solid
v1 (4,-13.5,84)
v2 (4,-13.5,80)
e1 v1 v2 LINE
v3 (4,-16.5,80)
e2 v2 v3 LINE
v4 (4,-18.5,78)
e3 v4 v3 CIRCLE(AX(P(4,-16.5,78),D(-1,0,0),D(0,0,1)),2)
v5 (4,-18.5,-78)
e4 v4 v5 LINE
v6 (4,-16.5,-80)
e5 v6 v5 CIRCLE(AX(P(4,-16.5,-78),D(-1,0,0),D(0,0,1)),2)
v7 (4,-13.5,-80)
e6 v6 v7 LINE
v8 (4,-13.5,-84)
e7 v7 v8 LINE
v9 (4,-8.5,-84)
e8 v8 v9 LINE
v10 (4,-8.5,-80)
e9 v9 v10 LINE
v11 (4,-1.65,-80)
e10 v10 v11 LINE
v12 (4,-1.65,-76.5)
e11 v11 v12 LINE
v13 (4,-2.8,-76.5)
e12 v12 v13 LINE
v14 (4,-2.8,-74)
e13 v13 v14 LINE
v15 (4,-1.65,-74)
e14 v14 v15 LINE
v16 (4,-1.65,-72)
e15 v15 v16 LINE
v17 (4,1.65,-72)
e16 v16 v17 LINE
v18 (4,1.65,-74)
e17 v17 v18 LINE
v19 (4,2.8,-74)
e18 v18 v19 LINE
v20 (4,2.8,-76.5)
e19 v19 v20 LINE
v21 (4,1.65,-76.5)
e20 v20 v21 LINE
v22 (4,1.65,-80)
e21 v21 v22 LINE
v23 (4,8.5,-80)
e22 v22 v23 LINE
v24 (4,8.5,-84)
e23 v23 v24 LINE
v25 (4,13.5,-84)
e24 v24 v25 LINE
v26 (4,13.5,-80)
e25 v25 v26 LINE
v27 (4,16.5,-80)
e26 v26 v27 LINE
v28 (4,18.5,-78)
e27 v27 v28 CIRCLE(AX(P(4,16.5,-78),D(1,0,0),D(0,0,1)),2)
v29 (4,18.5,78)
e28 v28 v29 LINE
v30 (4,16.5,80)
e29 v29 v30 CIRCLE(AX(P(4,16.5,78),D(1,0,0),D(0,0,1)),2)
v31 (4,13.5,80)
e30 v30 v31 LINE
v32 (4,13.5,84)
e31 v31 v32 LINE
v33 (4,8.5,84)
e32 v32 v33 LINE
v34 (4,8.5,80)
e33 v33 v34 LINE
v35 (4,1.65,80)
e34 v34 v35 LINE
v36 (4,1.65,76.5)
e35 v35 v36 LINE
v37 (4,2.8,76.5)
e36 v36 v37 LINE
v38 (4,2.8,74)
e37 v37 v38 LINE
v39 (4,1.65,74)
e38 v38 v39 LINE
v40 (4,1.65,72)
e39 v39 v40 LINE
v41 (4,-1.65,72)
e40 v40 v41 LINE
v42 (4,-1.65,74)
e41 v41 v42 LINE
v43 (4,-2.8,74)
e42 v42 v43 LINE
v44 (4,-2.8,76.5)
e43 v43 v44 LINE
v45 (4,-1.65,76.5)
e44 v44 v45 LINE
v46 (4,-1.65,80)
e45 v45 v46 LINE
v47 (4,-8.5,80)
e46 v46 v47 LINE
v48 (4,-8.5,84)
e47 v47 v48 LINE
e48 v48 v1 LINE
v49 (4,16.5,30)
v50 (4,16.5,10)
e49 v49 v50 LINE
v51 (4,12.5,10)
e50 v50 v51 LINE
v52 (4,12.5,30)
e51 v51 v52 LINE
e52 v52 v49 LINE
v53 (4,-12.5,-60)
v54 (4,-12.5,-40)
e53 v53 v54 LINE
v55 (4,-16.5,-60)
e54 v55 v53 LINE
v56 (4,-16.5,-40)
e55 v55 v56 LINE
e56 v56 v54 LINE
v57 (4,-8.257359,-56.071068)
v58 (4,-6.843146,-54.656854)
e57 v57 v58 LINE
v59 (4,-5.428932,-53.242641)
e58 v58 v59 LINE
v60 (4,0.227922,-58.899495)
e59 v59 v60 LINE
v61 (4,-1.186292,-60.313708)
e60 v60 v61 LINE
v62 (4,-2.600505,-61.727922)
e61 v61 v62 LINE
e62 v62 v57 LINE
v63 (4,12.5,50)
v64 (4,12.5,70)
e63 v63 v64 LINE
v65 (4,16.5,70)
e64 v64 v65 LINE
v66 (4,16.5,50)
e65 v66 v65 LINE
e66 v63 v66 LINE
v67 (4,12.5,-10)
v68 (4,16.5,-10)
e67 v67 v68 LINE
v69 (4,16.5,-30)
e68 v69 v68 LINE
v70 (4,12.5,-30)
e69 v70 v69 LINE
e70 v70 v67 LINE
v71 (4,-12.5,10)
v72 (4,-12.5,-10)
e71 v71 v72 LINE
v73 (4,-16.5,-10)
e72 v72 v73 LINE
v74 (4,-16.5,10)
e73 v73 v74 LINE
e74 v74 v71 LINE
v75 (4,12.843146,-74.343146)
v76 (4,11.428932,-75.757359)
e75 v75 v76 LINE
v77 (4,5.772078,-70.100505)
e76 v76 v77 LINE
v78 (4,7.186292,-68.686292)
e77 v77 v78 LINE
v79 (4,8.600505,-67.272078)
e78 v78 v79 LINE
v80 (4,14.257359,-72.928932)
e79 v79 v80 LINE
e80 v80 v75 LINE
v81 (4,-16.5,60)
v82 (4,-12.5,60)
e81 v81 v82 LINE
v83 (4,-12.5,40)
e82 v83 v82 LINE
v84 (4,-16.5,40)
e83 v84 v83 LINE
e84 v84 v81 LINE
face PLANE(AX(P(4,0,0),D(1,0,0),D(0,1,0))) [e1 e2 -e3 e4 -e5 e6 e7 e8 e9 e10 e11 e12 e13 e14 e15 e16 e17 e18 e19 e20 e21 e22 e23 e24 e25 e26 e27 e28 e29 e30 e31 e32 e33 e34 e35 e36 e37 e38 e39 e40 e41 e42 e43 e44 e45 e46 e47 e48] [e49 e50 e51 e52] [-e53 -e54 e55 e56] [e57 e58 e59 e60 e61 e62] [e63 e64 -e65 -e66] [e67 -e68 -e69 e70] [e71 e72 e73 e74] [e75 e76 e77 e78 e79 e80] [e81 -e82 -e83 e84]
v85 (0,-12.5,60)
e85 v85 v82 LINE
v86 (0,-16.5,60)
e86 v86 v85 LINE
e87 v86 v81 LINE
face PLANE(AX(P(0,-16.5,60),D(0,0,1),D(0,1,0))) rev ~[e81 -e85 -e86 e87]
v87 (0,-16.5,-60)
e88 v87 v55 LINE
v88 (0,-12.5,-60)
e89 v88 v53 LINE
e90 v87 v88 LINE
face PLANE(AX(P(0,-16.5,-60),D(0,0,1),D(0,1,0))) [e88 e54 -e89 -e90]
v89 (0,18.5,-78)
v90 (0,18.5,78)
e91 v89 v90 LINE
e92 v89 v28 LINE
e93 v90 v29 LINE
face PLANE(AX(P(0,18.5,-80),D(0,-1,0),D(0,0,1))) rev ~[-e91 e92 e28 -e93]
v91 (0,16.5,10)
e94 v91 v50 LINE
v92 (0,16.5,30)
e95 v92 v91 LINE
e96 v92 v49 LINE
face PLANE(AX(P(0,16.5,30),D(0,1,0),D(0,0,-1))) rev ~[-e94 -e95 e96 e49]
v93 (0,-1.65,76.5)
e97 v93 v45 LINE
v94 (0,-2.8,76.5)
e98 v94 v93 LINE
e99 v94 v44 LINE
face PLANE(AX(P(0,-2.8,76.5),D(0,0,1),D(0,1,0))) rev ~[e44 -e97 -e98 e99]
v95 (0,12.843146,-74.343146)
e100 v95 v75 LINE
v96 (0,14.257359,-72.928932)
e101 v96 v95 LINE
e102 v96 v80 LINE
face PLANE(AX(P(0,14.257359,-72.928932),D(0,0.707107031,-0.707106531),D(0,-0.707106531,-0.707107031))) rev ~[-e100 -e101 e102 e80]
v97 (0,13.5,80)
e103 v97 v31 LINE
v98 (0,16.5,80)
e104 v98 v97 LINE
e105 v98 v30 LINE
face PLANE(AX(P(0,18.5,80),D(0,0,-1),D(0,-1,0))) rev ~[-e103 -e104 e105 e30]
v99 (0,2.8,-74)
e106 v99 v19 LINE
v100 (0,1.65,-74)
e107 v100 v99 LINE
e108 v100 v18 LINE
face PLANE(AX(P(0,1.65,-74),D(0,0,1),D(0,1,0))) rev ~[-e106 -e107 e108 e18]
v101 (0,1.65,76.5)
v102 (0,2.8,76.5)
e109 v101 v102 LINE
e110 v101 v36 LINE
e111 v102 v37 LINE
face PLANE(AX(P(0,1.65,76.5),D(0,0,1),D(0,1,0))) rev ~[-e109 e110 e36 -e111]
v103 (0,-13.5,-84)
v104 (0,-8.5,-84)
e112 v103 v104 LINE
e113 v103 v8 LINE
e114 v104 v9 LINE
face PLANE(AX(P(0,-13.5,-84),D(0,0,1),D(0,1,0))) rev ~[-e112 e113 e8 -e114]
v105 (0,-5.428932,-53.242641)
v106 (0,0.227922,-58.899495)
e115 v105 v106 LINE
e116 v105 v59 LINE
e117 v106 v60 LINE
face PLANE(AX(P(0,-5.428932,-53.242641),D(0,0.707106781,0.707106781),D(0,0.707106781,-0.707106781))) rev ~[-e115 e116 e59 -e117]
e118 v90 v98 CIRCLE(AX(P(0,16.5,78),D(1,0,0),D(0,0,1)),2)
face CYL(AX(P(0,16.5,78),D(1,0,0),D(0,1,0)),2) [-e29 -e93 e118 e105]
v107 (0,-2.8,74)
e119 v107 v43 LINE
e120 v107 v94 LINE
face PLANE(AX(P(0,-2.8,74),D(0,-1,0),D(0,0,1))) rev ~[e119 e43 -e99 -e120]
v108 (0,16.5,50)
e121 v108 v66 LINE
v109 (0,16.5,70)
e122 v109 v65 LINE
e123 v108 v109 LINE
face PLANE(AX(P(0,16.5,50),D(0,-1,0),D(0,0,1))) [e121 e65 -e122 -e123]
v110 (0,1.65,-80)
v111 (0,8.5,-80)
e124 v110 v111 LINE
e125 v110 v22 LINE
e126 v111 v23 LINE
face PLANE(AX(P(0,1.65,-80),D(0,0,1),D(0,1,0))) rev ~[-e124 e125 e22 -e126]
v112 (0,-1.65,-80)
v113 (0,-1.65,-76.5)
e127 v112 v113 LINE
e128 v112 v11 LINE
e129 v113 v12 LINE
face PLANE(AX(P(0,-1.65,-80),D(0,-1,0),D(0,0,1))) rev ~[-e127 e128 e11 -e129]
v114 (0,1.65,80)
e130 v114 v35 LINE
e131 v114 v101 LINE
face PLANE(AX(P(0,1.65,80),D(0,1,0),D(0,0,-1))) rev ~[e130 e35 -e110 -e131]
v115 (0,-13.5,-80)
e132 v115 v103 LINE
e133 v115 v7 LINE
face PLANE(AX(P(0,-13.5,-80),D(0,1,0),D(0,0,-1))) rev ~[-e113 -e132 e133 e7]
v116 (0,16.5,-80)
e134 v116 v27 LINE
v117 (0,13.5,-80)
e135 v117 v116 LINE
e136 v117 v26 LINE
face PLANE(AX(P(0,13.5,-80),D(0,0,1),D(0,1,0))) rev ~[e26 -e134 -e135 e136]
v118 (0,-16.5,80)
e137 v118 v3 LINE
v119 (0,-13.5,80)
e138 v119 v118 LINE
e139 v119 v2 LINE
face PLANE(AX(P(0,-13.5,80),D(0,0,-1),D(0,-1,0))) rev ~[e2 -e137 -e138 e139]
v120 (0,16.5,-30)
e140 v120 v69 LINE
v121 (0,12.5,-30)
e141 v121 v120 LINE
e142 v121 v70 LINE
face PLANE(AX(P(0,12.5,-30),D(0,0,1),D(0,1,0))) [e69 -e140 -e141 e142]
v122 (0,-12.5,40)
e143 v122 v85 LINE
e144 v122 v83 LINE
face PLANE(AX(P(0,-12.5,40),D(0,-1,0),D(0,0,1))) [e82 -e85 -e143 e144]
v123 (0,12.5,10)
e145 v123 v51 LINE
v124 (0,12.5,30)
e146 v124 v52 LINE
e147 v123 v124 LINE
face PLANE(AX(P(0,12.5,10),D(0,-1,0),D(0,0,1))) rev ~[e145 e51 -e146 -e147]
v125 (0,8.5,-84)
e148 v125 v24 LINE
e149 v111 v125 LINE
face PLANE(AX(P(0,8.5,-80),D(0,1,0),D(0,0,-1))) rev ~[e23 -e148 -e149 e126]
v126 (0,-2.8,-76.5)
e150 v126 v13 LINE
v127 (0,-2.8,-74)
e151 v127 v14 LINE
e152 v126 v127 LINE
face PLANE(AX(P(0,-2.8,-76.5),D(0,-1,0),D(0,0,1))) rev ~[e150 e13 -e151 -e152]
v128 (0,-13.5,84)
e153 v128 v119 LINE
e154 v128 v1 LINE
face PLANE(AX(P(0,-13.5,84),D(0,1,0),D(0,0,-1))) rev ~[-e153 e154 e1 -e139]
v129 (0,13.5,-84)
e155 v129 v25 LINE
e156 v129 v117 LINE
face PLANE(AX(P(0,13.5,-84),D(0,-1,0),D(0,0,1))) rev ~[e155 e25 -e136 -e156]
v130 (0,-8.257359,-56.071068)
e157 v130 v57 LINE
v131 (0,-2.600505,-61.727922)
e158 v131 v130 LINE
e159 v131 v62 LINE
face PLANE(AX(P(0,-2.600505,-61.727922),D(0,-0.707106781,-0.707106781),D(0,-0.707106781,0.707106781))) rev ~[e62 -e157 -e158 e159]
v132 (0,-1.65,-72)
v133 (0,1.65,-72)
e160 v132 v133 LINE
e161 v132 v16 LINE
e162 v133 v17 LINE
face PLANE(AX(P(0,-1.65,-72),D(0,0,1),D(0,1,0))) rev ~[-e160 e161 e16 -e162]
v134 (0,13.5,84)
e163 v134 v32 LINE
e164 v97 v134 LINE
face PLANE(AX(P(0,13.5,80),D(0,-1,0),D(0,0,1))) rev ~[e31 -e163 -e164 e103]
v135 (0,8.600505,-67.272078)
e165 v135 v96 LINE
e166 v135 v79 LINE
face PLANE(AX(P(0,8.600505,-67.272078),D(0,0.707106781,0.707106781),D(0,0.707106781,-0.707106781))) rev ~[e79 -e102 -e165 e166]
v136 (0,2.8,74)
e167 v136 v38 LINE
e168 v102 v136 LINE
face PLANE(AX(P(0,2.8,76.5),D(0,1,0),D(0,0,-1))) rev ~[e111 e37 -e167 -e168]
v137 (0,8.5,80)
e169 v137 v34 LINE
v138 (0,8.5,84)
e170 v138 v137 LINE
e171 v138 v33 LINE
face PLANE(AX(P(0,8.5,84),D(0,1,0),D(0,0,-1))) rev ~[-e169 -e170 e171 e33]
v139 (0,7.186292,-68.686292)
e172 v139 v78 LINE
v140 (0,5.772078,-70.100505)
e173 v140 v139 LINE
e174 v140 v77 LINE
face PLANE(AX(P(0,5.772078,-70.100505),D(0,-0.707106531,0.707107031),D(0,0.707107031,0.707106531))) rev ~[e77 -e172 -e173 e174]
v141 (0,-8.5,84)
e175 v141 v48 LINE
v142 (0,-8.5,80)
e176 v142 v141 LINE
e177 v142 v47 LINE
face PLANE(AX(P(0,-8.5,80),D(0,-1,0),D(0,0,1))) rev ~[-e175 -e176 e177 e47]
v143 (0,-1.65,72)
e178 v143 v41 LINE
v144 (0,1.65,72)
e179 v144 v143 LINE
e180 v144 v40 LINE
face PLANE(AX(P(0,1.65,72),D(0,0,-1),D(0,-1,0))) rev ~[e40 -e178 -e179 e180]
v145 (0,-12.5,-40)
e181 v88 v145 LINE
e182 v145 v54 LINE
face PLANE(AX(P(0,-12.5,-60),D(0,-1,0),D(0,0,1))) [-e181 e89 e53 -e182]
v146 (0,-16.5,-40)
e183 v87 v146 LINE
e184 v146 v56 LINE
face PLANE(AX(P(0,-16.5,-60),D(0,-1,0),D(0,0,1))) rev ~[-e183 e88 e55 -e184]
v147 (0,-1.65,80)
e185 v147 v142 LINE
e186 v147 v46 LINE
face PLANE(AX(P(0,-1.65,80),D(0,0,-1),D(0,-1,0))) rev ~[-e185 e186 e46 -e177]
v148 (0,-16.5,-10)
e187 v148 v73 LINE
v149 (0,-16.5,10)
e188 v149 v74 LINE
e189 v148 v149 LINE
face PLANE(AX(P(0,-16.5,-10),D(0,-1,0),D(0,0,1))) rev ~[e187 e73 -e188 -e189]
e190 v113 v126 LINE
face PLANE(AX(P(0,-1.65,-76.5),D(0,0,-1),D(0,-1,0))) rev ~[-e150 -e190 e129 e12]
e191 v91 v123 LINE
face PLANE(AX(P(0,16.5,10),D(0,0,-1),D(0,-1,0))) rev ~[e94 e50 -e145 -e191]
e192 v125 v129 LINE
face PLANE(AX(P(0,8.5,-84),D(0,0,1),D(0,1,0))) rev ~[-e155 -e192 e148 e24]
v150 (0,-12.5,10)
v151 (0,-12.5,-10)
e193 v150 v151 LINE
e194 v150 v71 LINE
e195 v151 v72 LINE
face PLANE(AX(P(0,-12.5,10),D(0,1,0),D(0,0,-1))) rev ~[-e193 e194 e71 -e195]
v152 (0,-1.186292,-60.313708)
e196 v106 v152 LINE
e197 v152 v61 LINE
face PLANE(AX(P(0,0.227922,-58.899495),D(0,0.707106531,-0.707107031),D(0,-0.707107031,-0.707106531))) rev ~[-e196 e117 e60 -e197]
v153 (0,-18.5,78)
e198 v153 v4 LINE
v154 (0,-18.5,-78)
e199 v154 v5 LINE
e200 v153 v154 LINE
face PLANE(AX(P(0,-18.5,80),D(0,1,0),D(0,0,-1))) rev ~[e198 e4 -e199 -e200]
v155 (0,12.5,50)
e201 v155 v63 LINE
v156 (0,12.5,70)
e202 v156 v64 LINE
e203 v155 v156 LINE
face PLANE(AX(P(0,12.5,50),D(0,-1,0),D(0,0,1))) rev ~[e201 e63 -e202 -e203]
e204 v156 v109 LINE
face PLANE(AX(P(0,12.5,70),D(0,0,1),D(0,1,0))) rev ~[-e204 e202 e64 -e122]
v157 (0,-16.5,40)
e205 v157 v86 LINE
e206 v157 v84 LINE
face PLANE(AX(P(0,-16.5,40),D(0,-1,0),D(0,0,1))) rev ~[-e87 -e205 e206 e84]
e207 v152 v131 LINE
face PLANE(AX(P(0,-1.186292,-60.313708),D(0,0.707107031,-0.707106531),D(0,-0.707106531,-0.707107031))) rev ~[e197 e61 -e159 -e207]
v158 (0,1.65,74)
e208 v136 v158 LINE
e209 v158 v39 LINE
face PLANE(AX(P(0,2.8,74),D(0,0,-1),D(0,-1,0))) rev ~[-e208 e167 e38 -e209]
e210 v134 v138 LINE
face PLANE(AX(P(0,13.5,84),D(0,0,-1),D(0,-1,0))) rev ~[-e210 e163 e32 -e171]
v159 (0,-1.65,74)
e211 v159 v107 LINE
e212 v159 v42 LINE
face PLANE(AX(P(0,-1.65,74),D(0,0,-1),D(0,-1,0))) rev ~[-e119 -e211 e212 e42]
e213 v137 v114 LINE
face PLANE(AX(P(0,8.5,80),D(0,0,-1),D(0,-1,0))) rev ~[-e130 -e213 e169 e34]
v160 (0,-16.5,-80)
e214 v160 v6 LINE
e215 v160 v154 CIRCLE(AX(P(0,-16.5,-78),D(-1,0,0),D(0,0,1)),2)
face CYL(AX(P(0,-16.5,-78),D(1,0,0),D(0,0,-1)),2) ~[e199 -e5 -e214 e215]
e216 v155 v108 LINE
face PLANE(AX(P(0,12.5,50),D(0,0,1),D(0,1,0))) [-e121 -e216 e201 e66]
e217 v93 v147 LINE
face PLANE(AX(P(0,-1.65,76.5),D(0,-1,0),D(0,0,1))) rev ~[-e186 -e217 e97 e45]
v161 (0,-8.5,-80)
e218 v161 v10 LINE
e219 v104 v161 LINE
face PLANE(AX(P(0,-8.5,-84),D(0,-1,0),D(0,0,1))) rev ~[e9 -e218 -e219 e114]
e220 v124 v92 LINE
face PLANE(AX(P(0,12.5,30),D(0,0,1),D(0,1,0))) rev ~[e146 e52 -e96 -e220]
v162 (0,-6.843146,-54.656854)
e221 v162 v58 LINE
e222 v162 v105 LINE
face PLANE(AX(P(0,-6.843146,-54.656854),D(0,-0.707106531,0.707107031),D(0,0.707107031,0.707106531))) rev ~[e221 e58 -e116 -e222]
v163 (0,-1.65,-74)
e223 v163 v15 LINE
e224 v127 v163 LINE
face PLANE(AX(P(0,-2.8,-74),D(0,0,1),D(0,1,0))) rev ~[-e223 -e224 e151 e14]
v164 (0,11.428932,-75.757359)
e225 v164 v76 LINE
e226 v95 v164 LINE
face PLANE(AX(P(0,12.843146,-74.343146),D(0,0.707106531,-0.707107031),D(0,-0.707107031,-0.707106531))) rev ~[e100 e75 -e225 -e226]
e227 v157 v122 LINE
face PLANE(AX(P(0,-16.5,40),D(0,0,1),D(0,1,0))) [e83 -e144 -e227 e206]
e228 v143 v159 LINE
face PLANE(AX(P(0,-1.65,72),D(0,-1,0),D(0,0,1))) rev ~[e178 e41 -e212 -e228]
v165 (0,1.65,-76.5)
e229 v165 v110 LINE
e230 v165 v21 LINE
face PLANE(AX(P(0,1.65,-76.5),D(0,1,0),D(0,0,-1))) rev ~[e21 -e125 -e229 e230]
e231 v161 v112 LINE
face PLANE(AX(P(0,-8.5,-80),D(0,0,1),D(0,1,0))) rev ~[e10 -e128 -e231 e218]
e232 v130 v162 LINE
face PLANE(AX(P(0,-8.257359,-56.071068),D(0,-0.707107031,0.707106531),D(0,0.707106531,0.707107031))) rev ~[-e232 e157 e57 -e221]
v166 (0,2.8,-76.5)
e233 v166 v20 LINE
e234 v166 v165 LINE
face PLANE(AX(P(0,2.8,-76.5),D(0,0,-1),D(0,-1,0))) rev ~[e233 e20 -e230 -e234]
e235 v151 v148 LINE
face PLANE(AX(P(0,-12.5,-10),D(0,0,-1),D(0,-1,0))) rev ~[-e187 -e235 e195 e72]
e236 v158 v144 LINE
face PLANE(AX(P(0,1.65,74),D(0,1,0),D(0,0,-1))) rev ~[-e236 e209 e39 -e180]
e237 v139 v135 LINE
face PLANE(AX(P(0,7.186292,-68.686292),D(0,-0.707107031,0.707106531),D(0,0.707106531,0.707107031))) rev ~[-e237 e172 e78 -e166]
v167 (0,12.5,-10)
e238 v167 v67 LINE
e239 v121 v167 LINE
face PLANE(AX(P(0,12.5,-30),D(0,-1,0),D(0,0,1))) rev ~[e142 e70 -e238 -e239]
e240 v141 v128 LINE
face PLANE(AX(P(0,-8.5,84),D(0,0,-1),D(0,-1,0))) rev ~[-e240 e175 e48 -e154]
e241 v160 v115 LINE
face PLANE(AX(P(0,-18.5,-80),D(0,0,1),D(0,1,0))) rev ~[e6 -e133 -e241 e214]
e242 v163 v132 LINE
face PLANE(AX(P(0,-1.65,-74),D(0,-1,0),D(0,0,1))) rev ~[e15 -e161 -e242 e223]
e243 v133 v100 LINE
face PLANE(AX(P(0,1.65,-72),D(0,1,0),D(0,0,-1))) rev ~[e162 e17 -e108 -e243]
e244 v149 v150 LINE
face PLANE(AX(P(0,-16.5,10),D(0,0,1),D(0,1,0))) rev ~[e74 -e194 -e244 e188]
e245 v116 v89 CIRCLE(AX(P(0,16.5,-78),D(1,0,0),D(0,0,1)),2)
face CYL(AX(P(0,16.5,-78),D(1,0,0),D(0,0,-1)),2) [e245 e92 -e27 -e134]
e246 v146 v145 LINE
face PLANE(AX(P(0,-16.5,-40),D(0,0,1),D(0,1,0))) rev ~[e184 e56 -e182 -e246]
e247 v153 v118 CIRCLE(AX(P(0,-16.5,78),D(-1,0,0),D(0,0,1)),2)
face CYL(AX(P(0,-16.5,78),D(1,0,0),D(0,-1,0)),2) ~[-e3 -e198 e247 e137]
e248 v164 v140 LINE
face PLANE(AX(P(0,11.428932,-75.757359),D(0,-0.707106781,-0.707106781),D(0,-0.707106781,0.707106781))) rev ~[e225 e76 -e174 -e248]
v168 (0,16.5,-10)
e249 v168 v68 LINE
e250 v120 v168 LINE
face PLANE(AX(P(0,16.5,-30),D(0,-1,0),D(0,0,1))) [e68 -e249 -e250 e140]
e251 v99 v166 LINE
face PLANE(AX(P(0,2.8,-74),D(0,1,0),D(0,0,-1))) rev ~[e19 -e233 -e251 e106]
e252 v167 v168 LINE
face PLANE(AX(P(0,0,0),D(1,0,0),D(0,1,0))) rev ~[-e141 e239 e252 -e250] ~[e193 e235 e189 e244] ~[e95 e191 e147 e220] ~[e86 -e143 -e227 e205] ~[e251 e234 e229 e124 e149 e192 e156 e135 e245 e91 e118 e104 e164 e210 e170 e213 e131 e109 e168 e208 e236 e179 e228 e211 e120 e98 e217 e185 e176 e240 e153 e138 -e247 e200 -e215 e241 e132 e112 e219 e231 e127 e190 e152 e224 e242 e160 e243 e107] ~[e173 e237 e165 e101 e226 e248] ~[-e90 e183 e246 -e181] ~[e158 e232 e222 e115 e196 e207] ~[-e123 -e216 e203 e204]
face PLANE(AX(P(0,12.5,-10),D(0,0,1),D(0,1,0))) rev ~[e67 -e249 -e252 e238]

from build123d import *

# Parameters (mm, degrees)
F0_W     = 4
F0_H     = 20
F1_DEPTH = 4
F2_R     = 2


with BuildPart() as f1:
    # F0 (on Right) → F1 (new body)
    with BuildSketch(Plane.YZ):
        Polygon((13.5, -80), (18.5, -80), (18.5, 80), (13.5, 80), (13.5, 84), (8.5, 84), (8.5, 80), (1.65, 80), (1.65, 76.5), (2.8, 76.5), (2.8, 74), (1.65, 74), (1.65, 72), (-1.65, 72), (-1.65, 74), (-2.8, 74), (-2.8, 76.5), (-1.65, 76.5), (-1.65, 80), (-8.5, 80), (-8.5, 84), (-13.5, 84), (-13.5, 80), (-18.5, 80), (-18.5, -80), (-13.5, -80), (-13.5, -84), (-8.5, -84), (-8.5, -80), (-1.65, -80), (-1.65, -76.5), (-2.8, -76.5), (-2.8, -74), (-1.65, -74), (-1.65, -72), (1.65, -72), (1.65, -74), (2.8, -74), (2.8, -76.5), (1.65, -76.5), (1.65, -80), (8.5, -80), (8.5, -84), (13.5, -84), align=None)
        with Locations((-14.5, -50)):
            Rectangle(F0_W, F0_H, mode=Mode.SUBTRACT)
        Polygon((-8.257359, -56.071068), (-6.843146, -54.656854), (-5.428932, -53.242641), (0.227922, -58.899495), (-1.186292, -60.313708), (-2.600505, -61.727922), align=None, mode=Mode.SUBTRACT)
        Polygon((14.257359, -72.928932), (12.843146, -74.343146), (11.428932, -75.757359), (5.772078, -70.100505), (7.186292, -68.686292), (8.600505, -67.272078), align=None, mode=Mode.SUBTRACT)
        with Locations((14.5, -20)):
            Rectangle(F0_W, F0_H, mode=Mode.SUBTRACT)
        Polygon((-16.5, -10), (-16.5, 0), (-16.5, 10), (-12.5, 10), (-12.5, 0), (-12.5, -10), align=None, mode=Mode.SUBTRACT)
        with Locations((-14.5, 50)):
            Rectangle(F0_W, F0_H, mode=Mode.SUBTRACT)
        Polygon((12.5, 10), (12.5, 20), (12.5, 30), (16.5, 30), (16.5, 20), (16.5, 10), align=None, mode=Mode.SUBTRACT)
        with Locations((14.5, 60)):
            Rectangle(F0_W, F0_H, mode=Mode.SUBTRACT)
    extrude(amount=F1_DEPTH)

    # F2
    f2_edges = [f1.edges().sort_by_distance(p)[0] for p in [
        (2, -18.5, -80),
        (2, 18.5, -80),
        (2, -18.5, 80),
        (2, 18.5, 80),
    ]]
    fillet(f2_edges, radius=F2_R)


solid = f1.part
